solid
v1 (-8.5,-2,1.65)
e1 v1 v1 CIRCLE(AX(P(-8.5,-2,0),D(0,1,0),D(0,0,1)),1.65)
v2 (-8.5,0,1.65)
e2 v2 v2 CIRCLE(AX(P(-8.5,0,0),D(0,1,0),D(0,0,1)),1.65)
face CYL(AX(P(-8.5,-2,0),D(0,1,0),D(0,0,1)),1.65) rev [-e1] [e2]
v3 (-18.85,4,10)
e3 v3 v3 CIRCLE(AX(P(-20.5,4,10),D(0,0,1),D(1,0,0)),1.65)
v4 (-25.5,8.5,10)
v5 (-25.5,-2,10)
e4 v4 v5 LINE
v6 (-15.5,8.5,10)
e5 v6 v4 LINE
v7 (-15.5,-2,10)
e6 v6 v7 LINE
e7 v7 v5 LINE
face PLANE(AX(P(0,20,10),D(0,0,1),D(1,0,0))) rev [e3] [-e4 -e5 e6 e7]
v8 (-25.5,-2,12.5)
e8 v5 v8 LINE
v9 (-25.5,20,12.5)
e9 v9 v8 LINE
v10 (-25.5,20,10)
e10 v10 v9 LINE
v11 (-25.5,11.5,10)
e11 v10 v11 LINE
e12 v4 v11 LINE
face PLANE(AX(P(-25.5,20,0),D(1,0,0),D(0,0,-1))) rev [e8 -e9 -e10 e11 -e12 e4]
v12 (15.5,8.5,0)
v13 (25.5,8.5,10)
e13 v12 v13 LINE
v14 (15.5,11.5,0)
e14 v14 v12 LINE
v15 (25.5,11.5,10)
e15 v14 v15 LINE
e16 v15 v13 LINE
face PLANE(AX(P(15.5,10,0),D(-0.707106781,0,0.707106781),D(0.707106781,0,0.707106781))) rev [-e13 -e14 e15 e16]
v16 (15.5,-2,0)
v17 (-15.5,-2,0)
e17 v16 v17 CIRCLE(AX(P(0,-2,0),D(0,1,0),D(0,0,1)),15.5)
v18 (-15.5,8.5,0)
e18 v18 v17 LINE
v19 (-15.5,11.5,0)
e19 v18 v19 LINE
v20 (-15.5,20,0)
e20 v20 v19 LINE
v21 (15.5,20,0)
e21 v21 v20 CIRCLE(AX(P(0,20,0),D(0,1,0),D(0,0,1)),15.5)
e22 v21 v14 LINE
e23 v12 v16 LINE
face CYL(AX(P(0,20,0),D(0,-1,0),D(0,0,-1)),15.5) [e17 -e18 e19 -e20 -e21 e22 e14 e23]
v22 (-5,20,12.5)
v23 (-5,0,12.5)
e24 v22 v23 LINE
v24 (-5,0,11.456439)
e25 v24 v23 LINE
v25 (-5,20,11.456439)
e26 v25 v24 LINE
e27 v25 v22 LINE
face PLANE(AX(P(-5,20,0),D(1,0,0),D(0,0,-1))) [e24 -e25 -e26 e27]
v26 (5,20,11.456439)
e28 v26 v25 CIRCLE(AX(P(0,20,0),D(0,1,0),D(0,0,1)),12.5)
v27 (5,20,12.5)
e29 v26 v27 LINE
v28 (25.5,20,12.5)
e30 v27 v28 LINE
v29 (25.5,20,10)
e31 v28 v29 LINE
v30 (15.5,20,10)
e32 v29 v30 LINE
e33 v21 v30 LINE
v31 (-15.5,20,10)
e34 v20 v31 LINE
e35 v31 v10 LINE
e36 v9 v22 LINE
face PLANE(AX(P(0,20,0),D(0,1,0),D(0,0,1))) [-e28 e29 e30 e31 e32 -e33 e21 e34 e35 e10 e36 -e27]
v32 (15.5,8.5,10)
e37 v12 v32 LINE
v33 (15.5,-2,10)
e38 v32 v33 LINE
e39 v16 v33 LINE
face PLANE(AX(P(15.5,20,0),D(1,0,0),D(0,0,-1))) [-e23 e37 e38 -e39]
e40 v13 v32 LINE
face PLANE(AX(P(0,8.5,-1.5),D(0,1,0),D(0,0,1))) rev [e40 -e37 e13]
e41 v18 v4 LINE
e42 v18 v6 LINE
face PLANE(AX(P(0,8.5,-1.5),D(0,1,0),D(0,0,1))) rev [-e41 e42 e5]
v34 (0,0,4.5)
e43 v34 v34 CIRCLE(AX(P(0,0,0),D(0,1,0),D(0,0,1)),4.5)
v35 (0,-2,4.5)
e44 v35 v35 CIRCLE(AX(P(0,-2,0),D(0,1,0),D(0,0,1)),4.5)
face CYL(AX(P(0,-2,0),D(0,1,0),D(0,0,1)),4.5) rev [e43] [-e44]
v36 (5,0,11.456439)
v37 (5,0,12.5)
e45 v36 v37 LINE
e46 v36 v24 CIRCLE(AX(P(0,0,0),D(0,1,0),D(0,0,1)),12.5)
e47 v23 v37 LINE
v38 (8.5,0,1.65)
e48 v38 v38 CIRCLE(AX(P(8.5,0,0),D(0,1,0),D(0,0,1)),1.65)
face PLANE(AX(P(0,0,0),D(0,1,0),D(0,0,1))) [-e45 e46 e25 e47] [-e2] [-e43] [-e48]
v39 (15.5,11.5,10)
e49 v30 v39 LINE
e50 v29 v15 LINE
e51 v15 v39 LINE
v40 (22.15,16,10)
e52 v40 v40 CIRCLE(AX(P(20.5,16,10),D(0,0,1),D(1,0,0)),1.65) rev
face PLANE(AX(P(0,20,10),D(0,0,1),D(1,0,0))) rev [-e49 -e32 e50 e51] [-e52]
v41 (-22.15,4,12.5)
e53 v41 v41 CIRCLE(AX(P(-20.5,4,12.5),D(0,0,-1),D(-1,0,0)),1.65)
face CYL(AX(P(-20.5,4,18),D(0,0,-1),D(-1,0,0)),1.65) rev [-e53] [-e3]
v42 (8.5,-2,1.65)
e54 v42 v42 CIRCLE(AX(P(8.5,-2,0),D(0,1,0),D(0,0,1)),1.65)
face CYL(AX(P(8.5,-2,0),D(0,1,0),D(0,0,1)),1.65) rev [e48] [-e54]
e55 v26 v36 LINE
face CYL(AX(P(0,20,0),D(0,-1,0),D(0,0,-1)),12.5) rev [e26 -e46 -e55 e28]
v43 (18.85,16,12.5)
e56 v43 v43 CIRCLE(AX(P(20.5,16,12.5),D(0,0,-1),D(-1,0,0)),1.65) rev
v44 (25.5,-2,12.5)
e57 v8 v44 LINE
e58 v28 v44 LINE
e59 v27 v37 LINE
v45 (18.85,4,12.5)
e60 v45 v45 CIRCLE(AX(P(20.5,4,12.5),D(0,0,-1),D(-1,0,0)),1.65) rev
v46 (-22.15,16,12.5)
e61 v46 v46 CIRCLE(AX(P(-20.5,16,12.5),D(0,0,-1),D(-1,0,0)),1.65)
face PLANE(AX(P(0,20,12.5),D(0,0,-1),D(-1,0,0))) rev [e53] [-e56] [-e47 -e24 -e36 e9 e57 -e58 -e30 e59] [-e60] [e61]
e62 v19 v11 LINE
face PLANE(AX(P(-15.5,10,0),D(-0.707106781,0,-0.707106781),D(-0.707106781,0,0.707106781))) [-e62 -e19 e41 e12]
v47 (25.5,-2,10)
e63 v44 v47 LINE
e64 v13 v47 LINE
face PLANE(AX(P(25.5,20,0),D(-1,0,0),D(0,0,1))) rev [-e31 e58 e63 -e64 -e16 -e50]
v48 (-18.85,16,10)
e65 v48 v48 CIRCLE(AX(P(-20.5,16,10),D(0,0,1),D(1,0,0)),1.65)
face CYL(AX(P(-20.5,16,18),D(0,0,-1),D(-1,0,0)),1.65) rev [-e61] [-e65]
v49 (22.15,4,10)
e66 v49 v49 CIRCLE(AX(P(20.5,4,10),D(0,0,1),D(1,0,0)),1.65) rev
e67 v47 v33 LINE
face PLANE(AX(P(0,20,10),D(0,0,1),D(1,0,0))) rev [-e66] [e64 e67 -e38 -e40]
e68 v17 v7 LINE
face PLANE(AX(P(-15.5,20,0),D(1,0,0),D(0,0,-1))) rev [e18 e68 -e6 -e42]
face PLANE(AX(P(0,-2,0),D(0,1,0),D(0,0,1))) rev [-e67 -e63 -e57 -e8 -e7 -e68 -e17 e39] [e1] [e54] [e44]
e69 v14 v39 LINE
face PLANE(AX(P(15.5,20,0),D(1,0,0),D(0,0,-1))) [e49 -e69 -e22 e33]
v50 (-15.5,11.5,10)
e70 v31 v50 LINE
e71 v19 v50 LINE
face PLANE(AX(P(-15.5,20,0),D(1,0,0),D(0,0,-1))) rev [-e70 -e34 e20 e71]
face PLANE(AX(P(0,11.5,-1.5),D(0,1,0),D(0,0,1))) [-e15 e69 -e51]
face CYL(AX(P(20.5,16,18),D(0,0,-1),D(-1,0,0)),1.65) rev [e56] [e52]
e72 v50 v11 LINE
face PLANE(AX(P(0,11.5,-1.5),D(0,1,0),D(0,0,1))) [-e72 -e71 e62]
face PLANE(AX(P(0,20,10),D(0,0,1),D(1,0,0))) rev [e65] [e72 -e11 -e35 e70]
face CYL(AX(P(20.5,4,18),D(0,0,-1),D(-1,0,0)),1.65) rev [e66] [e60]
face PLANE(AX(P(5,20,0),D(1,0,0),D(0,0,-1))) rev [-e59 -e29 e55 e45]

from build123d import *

# Parameters (mm, degrees)
BOSS_EXTRUDE1_DEPTH = 20
RIB1_REACH          = 33.472
SKETCH3_WALL_W      = 79.086555552
SKETCH3_WALL_H      = 3
SKETCH4_R           = 1.65
CUT_EXTRUDE2_DEPTH  = 18
BOSS_EXTRUDE2_START = -2
SKETCH1_4_R         = 1.65
SKETCH1_4_R_2       = 4.5
BOSS_EXTRUDE2_DEPTH = 2


with BuildPart() as part:
    # Sketch1 → Boss-Extrude1 (new body)
    with BuildSketch(Plane(origin=(0, 0, 0), x_dir=(1, 0, 0), z_dir=(0, 1, 0))):
        with BuildLine():
            Line((-25.5, -10), (-25.5, -12.5))
            Line((-25.5, -12.5), (-5, -12.5))
            Line((-5, -12.5), (-5, -11.456439237))
            ThreePointArc((-5, -11.456439237), (0, 12.5), (5, -11.456439237))
            Line((5, -11.456439237), (5, -12.5))
            Line((5, -12.5), (25.5, -12.5))
            Line((25.5, -12.5), (25.5, -10))
            Line((25.5, -10), (15.5, -10))
            Line((15.5, -10), (15.5, 0))
            ThreePointArc((15.5, 0), (0, 15.5), (-15.5, 0))
            Line((-15.5, 0), (-15.5, -10))
            Line((-15.5, -10), (-25.5, -10))
        make_face()
    extrude(amount=BOSS_EXTRUDE1_DEPTH)

    # Sketch3 wall → Rib1 (add, up to next)
    with BuildSketch(Plane(origin=(20.5, 10, 5), x_dir=(0.707106781187, 0, 0.707106781187), z_dir=(0.707106781187, 0, -0.707106781187)), mode=Mode.PRIVATE) as rib1_sk1:
        Rectangle(SKETCH3_WALL_W, SKETCH3_WALL_H)
    rib1_tool1 = extrude(rib1_sk1.sketch, amount=-RIB1_REACH, mode=Mode.PRIVATE) - part.part
    rib1 = rib1_tool1.solids().sort_by_distance((20.5, 10, 5))[0]
    add(rib1)

    # Mirror1: Rib1 across plane
    add(rib1.mirror(Plane(origin=(0, 0, 0), x_dir=(0, 0, 1), z_dir=(1, 0, 0))))

    # Sketch4 → Cut-Extrude2 (cut)
    with BuildSketch(Plane.XY):
        with Locations((20.5, 16)):
            Circle(SKETCH4_R)
        with Locations((20.5, 4)):
            Circle(SKETCH4_R)
    cut_extrude2 = extrude(amount=CUT_EXTRUDE2_DEPTH, mode=Mode.SUBTRACT)

    # Mirror2: Cut-Extrude2 across plane
    add(cut_extrude2.mirror(Plane(origin=(0, 0, 0), x_dir=(0, 0, 1), z_dir=(1, 0, 0))), mode=Mode.SUBTRACT)

    # Sketch1<4> → Boss-Extrude2 (add)
    with BuildSketch(Plane(origin=(0, 0, 0), x_dir=(1, 0, 0), z_dir=(0, 1, 0)).offset(BOSS_EXTRUDE2_START)):
        with BuildLine():
            Line((-25.5, -10), (-25.5, -12.5))
            Line((-25.5, -12.5), (25.5, -12.5))
            Line((25.5, -12.5), (25.5, -10))
            Line((25.5, -10), (15.5, -10))
            Line((15.5, -10), (15.5, 0))
            ThreePointArc((15.5, 0), (0, 15.5), (-15.5, 0))
            Line((-15.5, 0), (-15.5, -10))
            Line((-15.5, -10), (-25.5, -10))
        make_face()
        with Locations((-8.5, 0)):
            Circle(SKETCH1_4_R, mode=Mode.SUBTRACT)
        Circle(SKETCH1_4_R_2, mode=Mode.SUBTRACT)
        with Locations((8.5, 0)):
            Circle(SKETCH1_4_R, mode=Mode.SUBTRACT)
    extrude(amount=BOSS_EXTRUDE2_DEPTH)


solid = part.part
